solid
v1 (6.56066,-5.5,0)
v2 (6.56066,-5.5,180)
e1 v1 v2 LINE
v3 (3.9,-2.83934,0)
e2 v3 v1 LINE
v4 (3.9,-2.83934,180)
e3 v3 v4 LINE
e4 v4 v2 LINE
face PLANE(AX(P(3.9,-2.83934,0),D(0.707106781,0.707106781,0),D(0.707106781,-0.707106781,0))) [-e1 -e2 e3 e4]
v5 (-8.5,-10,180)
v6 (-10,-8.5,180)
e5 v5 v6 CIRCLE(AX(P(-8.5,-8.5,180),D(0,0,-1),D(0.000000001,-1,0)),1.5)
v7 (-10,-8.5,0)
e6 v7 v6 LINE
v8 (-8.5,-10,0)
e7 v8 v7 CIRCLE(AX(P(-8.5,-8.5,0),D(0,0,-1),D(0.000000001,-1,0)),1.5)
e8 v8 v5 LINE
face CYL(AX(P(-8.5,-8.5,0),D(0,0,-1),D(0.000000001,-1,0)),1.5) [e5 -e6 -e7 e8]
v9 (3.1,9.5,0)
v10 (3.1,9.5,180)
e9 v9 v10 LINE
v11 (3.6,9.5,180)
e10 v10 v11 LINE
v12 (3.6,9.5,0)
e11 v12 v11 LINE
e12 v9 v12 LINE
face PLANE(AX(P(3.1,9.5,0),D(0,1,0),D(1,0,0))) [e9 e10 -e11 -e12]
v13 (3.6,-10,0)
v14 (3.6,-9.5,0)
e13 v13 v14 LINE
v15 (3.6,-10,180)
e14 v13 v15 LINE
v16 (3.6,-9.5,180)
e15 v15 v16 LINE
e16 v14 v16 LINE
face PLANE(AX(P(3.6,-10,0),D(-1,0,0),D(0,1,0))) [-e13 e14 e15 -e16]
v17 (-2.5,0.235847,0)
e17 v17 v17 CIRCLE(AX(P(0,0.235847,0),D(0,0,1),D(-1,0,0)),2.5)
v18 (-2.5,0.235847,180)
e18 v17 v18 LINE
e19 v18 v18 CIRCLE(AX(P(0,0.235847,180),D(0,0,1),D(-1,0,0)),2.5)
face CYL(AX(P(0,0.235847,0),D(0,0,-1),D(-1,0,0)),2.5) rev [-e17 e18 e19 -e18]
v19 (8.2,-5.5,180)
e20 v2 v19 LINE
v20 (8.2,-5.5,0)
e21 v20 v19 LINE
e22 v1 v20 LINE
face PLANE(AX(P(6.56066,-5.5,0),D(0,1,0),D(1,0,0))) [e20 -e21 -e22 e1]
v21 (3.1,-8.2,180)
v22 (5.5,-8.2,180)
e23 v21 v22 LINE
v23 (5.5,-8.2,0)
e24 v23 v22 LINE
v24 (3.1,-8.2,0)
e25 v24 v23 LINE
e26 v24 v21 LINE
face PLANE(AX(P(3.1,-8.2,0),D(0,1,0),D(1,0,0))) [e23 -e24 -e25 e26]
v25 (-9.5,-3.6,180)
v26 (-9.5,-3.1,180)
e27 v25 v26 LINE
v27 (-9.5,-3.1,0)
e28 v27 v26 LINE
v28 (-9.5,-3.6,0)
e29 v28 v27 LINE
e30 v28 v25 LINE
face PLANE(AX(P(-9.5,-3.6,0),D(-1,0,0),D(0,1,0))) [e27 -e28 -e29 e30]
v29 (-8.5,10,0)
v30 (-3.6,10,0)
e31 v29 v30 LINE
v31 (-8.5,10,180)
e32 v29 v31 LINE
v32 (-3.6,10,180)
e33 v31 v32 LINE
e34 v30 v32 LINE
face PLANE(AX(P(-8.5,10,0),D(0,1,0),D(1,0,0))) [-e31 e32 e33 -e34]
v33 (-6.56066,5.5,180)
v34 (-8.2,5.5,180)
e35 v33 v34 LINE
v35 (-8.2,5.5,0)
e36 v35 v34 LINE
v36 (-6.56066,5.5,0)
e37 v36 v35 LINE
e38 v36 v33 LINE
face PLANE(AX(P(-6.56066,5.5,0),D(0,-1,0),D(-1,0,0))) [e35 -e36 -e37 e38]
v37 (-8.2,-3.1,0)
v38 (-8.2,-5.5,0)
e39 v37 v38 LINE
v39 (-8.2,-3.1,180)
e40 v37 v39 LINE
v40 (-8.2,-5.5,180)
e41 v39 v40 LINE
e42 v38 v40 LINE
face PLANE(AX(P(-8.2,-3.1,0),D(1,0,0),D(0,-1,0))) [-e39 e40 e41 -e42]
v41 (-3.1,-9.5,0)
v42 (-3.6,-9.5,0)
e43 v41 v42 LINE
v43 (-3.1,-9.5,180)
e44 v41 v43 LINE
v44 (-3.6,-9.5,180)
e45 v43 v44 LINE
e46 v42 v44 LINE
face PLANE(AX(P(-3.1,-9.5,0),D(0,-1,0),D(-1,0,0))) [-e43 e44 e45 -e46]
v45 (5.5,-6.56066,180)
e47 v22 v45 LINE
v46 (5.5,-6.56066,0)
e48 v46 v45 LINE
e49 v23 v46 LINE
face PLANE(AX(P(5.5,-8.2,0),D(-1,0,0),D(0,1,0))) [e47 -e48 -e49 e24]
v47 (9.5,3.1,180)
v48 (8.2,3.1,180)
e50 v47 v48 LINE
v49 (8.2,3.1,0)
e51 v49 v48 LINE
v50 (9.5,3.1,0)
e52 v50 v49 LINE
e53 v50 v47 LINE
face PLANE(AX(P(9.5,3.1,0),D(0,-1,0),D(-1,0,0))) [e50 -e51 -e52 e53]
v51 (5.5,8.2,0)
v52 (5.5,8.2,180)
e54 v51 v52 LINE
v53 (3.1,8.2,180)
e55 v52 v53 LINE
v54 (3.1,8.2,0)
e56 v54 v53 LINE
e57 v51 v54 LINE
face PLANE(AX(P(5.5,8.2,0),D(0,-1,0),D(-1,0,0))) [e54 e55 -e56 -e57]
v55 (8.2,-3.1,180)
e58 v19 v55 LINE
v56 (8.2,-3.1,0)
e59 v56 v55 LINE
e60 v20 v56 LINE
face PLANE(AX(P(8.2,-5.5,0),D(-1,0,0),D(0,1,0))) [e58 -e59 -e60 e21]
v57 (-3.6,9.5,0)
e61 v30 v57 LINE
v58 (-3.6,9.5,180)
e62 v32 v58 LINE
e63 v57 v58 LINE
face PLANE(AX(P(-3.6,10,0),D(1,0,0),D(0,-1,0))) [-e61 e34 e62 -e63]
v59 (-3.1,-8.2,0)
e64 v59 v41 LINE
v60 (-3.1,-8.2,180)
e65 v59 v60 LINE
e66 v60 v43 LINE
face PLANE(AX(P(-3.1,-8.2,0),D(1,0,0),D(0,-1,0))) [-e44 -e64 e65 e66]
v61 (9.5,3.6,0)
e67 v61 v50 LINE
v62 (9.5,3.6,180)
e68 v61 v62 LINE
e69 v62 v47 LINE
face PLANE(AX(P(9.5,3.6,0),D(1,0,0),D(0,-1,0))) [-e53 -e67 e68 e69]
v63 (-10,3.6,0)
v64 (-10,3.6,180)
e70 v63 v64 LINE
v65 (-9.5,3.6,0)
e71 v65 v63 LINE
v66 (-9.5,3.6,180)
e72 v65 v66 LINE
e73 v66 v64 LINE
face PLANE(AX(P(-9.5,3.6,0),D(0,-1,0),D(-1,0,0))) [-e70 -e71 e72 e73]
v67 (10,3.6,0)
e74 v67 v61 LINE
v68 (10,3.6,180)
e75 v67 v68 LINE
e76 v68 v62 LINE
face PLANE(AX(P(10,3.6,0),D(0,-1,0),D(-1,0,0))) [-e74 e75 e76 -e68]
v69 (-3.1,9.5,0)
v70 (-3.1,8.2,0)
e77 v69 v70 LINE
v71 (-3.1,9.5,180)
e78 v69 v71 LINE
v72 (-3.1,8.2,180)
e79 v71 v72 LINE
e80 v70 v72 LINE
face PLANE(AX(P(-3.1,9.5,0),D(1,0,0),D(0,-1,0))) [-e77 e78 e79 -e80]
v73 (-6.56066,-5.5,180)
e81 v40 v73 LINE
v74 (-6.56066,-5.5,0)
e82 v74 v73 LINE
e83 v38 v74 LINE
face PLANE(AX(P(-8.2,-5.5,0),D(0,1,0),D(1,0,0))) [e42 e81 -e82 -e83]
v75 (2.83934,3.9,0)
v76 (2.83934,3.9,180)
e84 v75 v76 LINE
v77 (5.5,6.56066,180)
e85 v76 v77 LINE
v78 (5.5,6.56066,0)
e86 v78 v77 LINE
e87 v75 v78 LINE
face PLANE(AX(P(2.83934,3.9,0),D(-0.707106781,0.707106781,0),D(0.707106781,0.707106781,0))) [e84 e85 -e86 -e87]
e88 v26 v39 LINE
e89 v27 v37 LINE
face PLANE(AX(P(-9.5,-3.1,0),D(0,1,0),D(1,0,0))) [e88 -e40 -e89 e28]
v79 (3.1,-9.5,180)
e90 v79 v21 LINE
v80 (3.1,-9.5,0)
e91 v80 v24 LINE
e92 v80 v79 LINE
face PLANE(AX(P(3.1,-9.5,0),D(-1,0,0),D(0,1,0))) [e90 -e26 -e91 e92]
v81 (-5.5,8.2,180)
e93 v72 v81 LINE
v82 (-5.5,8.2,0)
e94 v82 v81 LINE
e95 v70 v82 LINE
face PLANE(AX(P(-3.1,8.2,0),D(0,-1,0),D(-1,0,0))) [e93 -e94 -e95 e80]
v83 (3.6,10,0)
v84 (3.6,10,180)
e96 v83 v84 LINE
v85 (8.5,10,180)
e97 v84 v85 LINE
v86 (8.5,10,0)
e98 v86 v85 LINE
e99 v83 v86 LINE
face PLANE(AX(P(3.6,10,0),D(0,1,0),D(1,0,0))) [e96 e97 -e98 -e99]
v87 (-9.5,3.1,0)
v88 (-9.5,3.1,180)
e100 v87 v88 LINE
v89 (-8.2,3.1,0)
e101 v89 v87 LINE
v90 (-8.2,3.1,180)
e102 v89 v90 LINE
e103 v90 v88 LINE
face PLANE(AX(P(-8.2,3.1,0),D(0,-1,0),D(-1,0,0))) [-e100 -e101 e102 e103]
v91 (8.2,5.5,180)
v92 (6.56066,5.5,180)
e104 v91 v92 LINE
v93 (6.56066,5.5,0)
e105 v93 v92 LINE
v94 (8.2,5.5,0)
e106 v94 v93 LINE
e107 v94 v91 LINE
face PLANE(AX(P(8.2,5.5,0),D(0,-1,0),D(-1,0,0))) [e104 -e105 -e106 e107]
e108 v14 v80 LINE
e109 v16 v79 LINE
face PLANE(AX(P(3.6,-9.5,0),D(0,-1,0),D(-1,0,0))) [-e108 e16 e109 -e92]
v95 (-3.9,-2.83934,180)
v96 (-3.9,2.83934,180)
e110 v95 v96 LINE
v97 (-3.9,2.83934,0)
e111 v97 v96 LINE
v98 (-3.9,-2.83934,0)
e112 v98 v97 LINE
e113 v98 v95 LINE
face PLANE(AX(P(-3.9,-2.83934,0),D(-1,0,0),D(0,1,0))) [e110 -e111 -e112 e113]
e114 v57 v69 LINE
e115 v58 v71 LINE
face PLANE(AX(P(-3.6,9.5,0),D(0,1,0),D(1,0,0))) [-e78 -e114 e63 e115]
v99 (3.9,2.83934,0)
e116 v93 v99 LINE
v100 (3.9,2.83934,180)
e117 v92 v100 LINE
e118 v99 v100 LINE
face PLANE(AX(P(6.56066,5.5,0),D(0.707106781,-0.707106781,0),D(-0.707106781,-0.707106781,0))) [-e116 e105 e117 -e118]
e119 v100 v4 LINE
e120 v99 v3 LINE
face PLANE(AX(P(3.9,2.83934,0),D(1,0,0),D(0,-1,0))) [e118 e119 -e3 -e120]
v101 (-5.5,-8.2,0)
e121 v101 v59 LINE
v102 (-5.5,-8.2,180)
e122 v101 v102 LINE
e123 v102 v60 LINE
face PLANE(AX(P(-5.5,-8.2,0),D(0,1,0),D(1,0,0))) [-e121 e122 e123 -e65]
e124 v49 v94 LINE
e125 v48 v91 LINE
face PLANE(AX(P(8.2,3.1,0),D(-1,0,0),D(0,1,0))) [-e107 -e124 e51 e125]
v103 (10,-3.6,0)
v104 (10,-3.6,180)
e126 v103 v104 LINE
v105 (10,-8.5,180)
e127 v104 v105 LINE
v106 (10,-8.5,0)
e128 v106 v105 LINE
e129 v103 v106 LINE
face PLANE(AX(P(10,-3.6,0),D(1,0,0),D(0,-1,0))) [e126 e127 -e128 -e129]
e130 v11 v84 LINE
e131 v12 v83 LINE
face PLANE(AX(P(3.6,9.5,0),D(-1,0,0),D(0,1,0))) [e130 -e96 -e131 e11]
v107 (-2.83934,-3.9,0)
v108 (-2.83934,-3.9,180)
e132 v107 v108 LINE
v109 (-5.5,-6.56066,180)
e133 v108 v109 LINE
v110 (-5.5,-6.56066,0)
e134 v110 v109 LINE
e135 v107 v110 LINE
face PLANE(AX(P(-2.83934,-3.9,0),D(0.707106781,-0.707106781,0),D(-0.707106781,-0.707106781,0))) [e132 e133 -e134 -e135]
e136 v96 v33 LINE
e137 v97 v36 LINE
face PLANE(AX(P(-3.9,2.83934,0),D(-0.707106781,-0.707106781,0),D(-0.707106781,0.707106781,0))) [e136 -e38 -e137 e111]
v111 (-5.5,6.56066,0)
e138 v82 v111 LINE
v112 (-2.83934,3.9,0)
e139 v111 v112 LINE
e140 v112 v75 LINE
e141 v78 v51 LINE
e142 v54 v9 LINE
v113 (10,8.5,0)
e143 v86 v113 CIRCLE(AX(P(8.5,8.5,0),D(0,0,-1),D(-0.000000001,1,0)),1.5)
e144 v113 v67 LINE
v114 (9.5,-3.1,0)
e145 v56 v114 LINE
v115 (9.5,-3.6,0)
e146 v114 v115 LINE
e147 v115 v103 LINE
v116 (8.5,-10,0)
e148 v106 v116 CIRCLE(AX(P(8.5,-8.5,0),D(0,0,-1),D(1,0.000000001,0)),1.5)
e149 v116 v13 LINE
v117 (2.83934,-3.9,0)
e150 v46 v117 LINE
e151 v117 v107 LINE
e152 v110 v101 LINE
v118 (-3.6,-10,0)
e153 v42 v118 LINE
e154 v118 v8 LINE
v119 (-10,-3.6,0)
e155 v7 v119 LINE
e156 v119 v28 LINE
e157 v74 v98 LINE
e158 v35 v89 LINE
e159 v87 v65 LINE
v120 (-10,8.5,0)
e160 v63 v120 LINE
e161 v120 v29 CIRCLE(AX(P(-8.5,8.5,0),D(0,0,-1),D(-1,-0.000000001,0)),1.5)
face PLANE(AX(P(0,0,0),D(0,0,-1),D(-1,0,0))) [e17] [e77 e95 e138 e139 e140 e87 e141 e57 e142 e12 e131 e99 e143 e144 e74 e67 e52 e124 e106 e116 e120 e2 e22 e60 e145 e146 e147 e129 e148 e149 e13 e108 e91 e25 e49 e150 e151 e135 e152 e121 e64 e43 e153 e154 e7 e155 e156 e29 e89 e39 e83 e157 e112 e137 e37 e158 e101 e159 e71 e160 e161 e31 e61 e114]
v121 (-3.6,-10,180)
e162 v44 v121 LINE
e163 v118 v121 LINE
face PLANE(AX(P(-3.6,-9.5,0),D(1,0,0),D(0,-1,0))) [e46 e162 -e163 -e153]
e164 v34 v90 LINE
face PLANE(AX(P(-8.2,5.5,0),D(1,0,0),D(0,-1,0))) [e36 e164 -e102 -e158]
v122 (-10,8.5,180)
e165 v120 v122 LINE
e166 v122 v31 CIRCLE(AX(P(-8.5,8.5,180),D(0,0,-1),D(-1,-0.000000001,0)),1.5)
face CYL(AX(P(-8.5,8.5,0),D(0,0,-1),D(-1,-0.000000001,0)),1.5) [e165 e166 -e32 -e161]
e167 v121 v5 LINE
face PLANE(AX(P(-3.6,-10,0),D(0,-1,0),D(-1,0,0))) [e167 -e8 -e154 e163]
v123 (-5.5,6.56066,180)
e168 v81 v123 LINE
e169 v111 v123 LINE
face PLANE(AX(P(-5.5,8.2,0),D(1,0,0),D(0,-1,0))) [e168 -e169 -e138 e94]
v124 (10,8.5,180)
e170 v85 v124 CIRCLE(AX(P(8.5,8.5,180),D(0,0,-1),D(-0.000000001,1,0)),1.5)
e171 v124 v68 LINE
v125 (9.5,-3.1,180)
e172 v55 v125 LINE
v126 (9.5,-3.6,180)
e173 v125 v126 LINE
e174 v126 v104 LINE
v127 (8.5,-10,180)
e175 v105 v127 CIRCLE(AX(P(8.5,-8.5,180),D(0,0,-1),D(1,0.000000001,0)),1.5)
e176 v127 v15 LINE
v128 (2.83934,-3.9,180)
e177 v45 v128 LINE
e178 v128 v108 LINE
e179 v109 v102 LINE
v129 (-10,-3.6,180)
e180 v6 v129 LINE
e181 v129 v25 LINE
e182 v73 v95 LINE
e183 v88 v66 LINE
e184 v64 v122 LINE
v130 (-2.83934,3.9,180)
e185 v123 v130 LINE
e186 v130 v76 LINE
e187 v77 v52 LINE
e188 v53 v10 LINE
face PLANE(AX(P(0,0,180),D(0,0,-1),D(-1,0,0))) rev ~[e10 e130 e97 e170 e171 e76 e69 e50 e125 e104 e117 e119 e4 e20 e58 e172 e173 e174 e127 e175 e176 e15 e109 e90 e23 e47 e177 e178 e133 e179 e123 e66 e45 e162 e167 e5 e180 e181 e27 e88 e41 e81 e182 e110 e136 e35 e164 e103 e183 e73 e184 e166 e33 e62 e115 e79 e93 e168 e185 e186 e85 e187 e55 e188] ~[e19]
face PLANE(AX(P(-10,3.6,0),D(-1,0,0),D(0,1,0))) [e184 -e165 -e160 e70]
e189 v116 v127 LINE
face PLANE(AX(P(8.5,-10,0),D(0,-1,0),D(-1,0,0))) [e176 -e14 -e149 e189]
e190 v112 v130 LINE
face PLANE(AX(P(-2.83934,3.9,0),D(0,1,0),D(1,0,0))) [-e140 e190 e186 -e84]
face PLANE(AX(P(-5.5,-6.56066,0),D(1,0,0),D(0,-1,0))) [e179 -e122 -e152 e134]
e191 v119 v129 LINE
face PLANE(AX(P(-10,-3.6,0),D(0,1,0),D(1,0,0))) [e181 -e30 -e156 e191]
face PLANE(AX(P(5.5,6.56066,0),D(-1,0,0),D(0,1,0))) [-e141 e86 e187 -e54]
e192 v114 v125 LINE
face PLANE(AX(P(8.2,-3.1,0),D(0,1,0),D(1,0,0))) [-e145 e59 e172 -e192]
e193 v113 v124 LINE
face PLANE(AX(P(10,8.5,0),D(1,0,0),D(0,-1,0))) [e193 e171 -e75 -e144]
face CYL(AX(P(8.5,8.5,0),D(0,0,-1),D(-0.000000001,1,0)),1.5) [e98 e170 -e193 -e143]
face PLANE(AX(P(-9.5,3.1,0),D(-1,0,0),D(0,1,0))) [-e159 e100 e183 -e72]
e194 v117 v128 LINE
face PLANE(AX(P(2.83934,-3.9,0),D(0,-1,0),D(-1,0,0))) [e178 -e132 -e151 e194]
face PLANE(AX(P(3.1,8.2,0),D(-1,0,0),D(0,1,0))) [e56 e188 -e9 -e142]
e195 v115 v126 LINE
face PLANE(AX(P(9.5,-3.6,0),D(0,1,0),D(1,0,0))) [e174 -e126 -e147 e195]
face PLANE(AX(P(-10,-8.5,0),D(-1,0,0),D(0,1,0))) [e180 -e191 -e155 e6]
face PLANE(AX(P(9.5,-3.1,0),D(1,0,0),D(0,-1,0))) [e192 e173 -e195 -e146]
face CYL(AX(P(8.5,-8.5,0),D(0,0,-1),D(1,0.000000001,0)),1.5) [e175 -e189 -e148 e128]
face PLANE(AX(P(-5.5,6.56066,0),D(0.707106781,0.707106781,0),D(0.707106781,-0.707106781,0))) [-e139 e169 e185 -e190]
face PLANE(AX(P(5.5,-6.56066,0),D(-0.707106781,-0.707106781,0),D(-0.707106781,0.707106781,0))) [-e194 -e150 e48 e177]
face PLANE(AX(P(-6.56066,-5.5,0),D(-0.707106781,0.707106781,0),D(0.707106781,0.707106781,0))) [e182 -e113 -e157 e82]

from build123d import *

# Parameters (mm, degrees)
SKETCH1_R           = 2.5
BOSS_EXTRUDE1_DEPTH = 180


with BuildPart() as part:
    # Sketch1 → Boss-Extrude1 (new body)
    with BuildSketch(Plane.XY):
        with BuildLine():
            Line((2.839339828, 3.9), (5.5, 6.560660172))
            Line((5.5, 6.560660172), (5.5, 8.2))
            Line((5.5, 8.2), (3.1, 8.2))
            Line((3.1, 8.2), (3.1, 9.5))
            Line((3.1, 9.5), (3.6, 9.5))
            Line((3.6, 9.5), (3.6, 10))
            Line((3.6, 10), (8.5, 10))
            ThreePointArc((8.5, 10), (9.560660172, 9.560660172), (10, 8.5))
            Line((10, 8.5), (10, 3.6))
            Line((10, 3.6), (9.5, 3.6))
            Line((9.5, 3.6), (9.5, 3.1))
            Line((9.5, 3.1), (8.2, 3.1))
            Line((8.2, 3.1), (8.2, 5.5))
            Line((8.2, 5.5), (6.560660172, 5.5))
            Line((6.560660172, 5.5), (3.9, 2.839339828))
            Line((3.9, 2.839339828), (3.9, -2.839339828))
            Line((3.9, -2.839339828), (6.560660172, -5.5))
            Line((6.560660172, -5.5), (8.2, -5.5))
            Line((8.2, -5.5), (8.2, -3.1))
            Line((8.2, -3.1), (9.5, -3.1))
            Line((9.5, -3.1), (9.5, -3.6))
            Line((9.5, -3.6), (10, -3.6))
            Line((10, -3.6), (10, -8.5))
            ThreePointArc((10, -8.5), (9.560660172, -9.560660172), (8.5, -10))
            Line((8.5, -10), (3.6, -10))
            Line((3.6, -10), (3.6, -9.5))
            Line((3.6, -9.5), (3.1, -9.5))
            Line((3.1, -9.5), (3.1, -8.2))
            Line((3.1, -8.2), (5.5, -8.2))
            Line((5.5, -8.2), (5.5, -6.560660172))
            Line((5.5, -6.560660172), (2.839339828, -3.9))
            Line((2.839339828, -3.9), (-2.839339828, -3.9))
            Line((-2.839339828, -3.9), (-5.5, -6.560660172))
            Line((-5.5, -6.560660172), (-5.5, -8.2))
            Line((-5.5, -8.2), (-3.1, -8.2))
            Line((-3.1, -8.2), (-3.1, -9.5))
            Line((-3.1, -9.5), (-3.6, -9.5))
            Line((-3.6, -9.5), (-3.6, -10))
            Line((-3.6, -10), (-8.5, -10))
            ThreePointArc((-8.5, -10), (-9.560660172, -9.560660172), (-10, -8.5))
            Line((-10, -8.5), (-10, -3.6))
            Line((-10, -3.6), (-9.5, -3.6))
            Line((-9.5, -3.6), (-9.5, -3.1))
            Line((-9.5, -3.1), (-8.2, -3.1))
            Line((-8.2, -3.1), (-8.2, -5.5))
            Line((-8.2, -5.5), (-6.560660172, -5.5))
            Line((-6.560660172, -5.5), (-3.9, -2.839339828))
            Line((-3.9, -2.839339828), (-3.9, 2.839339828))
            Line((-3.9, 2.839339828), (-6.560660172, 5.5))
            Line((-6.560660172, 5.5), (-8.2, 5.5))
            Line((-8.2, 5.5), (-8.2, 3.1))
            Line((-8.2, 3.1), (-9.5, 3.1))
            Line((-9.5, 3.1), (-9.5, 3.6))
            Line((-9.5, 3.6), (-10, 3.6))
            Line((-10, 3.6), (-10, 8.5))
            ThreePointArc((-10, 8.5), (-9.560660172, 9.560660172), (-8.5, 10))
            Line((-8.5, 10), (-3.6, 10))
            Line((-3.6, 10), (-3.6, 9.5))
            Line((-3.6, 9.5), (-3.1, 9.5))
            Line((-3.1, 9.5), (-3.1, 8.2))
            Line((-3.1, 8.2), (-5.5, 8.2))
            Line((-5.5, 8.2), (-5.5, 6.560660172))
            Line((-5.5, 6.560660172), (-2.839339828, 3.9))
            Line((-2.839339828, 3.9), (2.839339828, 3.9))
        make_face()
        with Locations(Location((0, 0.235847297, 0), (0, 0, 180))):
            Circle(SKETCH1_R, mode=Mode.SUBTRACT)
    extrude(amount=BOSS_EXTRUDE1_DEPTH)


solid = part.part
